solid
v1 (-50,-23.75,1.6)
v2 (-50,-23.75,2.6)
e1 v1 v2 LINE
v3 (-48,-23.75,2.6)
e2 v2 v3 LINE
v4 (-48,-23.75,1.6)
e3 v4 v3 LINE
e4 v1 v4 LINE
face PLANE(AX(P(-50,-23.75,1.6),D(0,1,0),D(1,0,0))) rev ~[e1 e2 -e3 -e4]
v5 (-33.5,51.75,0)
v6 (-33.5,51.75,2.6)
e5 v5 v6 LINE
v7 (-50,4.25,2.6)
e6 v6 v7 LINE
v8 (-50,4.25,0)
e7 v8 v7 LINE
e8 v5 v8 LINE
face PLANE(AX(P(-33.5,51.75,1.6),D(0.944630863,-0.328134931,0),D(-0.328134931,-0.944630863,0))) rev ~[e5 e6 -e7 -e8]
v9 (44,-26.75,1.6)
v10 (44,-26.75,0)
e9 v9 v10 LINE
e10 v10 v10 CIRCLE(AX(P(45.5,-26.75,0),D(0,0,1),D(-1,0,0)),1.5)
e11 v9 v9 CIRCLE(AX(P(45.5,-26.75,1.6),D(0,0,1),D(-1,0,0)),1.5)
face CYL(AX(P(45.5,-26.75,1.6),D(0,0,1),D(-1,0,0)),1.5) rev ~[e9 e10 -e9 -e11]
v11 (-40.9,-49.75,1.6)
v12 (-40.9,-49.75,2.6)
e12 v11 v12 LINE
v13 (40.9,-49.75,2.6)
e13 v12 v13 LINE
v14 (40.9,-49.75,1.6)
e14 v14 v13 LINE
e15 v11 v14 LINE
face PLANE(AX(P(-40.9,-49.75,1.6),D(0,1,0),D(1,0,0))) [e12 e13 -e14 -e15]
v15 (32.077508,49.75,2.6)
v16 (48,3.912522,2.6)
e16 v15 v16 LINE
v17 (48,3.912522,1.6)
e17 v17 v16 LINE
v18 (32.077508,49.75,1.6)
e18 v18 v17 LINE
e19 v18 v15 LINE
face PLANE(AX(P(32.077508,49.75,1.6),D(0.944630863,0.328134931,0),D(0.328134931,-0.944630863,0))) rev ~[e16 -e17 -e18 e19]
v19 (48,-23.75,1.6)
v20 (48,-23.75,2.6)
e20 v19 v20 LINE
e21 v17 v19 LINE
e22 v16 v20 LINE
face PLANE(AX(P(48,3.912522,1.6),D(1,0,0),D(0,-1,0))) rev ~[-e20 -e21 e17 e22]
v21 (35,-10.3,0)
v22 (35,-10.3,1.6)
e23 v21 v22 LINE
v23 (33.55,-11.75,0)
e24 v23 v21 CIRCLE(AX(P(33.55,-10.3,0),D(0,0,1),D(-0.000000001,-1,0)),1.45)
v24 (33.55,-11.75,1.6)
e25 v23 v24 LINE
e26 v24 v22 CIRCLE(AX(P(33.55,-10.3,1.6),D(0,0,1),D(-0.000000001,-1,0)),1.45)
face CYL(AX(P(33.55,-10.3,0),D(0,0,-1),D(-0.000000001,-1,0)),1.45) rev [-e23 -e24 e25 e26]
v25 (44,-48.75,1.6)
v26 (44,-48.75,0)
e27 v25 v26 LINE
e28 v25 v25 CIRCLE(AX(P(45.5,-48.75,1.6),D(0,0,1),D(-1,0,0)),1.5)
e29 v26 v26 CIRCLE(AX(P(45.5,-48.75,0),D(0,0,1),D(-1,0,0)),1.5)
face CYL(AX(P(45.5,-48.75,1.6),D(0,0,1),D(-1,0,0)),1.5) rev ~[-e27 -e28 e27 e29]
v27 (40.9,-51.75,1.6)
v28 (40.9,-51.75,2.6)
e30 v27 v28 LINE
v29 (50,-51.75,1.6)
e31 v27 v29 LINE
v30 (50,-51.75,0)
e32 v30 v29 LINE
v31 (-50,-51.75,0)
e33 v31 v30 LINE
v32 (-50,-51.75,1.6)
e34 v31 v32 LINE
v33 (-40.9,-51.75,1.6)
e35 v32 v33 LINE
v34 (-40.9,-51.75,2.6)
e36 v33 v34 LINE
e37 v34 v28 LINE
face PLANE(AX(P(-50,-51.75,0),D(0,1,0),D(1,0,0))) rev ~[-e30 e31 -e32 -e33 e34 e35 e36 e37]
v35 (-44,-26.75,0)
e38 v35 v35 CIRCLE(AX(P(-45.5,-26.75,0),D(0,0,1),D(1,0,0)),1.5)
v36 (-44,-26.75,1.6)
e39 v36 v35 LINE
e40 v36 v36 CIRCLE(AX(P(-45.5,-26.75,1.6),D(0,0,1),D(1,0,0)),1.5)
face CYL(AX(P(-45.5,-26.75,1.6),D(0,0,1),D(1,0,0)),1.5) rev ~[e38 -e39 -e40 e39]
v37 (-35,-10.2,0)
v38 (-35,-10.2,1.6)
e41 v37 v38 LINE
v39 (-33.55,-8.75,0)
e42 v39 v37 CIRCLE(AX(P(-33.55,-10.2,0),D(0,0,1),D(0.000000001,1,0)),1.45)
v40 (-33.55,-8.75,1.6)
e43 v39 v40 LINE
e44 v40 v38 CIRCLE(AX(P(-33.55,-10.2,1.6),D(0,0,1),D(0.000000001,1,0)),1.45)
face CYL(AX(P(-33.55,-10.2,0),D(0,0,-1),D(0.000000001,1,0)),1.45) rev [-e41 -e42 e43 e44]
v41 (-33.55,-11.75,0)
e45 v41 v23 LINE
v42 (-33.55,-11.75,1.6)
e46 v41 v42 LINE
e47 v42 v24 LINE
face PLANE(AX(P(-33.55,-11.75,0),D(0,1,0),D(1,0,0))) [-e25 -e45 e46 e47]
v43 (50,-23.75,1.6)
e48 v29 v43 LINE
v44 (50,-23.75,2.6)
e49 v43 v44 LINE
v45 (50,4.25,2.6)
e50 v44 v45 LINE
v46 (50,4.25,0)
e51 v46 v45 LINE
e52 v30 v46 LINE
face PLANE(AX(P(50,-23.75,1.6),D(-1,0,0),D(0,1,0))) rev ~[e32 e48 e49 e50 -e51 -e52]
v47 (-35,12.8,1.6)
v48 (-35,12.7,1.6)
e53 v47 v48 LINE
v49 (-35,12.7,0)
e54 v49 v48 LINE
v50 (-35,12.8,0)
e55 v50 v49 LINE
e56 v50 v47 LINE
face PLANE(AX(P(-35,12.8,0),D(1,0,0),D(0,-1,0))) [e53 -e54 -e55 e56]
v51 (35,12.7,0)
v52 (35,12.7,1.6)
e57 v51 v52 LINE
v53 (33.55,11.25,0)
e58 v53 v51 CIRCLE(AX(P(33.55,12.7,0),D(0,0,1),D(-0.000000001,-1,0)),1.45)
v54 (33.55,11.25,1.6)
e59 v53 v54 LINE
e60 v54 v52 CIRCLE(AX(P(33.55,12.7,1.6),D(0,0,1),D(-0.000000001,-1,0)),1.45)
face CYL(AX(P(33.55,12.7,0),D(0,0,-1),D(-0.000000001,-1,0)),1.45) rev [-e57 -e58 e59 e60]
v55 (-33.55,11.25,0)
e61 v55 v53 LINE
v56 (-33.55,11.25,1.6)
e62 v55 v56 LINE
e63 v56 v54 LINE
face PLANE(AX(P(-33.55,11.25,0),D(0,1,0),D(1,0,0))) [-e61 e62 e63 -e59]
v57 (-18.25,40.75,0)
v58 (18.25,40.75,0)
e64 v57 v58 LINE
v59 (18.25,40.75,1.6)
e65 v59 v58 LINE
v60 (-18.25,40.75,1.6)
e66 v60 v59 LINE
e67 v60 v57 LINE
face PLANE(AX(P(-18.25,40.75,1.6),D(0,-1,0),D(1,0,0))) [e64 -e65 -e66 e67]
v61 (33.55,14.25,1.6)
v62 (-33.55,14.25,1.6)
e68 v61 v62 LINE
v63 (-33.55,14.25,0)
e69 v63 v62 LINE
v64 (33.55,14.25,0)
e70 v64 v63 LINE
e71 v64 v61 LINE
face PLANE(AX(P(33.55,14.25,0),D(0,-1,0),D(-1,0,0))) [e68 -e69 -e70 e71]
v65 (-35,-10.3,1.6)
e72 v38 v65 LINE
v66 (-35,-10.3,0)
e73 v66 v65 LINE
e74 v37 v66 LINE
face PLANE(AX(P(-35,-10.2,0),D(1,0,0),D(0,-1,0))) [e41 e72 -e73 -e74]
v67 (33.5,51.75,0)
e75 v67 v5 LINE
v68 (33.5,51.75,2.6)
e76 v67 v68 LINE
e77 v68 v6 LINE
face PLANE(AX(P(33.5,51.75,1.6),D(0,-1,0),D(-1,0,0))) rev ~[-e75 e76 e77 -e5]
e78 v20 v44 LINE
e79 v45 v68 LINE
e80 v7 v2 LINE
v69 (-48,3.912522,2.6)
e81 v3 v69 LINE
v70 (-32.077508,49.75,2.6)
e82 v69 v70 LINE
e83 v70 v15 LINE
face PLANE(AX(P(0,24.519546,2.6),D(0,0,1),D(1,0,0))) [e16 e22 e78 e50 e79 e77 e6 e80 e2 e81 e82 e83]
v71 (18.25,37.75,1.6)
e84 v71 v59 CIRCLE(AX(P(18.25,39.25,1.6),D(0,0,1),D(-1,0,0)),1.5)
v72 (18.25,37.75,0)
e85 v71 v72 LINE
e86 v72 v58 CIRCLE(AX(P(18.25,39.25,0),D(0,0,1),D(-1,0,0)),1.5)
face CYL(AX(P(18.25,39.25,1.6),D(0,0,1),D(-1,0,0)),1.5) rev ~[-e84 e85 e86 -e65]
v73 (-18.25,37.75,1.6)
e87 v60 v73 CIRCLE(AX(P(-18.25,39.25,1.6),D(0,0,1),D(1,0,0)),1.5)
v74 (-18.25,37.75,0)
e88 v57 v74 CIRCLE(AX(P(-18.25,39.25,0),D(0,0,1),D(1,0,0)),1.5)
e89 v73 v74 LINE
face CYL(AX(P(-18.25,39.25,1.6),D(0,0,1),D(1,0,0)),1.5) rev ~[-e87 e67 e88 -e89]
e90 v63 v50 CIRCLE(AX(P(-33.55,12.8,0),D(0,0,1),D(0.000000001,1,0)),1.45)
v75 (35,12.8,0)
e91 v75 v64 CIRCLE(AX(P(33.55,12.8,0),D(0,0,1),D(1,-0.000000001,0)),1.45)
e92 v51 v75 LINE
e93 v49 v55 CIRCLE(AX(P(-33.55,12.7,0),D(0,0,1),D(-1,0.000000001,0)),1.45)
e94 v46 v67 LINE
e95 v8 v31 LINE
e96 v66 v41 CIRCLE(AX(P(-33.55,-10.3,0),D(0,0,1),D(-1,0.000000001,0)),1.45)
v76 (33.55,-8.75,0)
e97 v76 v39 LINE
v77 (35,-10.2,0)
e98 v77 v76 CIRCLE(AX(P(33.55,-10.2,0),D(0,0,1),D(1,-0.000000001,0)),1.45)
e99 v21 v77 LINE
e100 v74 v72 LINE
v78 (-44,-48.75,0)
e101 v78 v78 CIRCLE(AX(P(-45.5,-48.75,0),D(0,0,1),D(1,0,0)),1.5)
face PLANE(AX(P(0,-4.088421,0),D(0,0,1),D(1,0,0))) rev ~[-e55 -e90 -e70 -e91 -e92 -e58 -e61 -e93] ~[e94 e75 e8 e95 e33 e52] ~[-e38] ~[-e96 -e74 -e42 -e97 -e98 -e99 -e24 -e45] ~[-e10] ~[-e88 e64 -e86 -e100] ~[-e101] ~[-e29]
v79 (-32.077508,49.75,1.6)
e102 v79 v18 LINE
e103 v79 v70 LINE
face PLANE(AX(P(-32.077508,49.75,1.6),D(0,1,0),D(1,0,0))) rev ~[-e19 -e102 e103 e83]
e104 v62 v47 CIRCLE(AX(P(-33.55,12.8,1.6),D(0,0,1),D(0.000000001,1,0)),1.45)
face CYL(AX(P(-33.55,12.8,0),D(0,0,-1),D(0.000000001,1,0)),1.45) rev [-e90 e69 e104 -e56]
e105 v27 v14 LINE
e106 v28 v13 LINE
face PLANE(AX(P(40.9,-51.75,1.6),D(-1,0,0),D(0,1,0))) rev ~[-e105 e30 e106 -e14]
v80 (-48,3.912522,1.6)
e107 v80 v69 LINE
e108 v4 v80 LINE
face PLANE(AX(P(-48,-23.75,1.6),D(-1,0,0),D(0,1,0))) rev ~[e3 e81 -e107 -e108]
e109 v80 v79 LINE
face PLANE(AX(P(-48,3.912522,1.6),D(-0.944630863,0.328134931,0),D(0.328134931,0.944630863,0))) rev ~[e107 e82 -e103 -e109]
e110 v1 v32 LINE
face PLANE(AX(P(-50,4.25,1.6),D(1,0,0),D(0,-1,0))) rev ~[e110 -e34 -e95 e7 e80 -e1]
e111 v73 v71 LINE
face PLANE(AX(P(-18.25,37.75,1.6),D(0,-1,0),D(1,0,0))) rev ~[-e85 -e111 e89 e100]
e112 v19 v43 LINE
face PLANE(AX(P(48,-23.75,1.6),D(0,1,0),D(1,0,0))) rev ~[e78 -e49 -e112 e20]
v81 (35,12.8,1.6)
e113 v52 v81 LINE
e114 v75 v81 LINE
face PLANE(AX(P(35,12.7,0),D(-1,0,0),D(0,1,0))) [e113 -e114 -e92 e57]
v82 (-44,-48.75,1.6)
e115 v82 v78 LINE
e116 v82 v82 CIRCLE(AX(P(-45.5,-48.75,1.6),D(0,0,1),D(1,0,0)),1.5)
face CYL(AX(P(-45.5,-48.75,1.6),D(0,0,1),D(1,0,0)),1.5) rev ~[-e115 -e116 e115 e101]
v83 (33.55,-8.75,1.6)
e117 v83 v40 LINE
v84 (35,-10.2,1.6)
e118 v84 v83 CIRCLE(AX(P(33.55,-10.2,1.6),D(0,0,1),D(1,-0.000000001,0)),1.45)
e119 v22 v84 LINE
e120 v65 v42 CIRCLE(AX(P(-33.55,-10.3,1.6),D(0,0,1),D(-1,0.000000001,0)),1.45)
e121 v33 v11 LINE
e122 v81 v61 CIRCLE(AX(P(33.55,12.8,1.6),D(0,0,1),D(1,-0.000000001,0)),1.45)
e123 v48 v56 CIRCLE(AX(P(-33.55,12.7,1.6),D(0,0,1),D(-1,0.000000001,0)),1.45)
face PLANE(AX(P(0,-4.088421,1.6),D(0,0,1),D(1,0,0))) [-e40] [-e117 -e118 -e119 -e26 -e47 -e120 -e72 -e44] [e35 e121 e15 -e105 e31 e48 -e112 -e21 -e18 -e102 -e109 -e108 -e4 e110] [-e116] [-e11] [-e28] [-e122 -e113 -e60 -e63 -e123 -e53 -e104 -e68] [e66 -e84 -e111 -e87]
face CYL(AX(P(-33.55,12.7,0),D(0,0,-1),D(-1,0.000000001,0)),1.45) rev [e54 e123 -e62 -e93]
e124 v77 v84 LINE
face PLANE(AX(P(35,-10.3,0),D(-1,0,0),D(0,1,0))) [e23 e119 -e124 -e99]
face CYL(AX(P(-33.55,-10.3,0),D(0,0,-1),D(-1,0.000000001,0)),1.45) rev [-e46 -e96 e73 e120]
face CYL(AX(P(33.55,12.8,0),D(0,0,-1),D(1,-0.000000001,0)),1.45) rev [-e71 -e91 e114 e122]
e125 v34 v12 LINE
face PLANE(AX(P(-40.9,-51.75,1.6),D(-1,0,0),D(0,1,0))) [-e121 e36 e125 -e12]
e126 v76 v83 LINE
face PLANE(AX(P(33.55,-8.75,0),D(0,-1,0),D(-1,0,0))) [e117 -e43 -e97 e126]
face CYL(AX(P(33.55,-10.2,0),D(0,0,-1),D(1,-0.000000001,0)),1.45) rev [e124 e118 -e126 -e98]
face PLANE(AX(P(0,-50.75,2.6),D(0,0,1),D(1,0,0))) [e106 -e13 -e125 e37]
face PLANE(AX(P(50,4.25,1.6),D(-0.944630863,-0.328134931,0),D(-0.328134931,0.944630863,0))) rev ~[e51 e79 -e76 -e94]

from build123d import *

# Parameters (mm, degrees)
BOSS_EXTRUDE1_DEPTH = 1.6
SKETCH4_R           = 1.5
CUT_EXTRUDE1_DEPTH  = 1.6
SKETCH5_R           = 1.5
CUT_EXTRUDE2_DEPTH  = 1.6
SKETCH6_W           = 36.5
SKETCH6_H           = 3
CUT_EXTRUDE3_DEPTH  = 1.6
CUT_EXTRUDE4_DEPTH  = 1.6
CUT_EXTRUDE5_DEPTH  = 1.6
BOSS_EXTRUDE3_START = 1.6
SKETCH9_W           = 81.8
SKETCH9_H           = 2
BOSS_EXTRUDE3_DEPTH = 1


with BuildPart() as part:
    # Sketch2 → Boss-Extrude1 (new body)
    with BuildSketch(Plane.XY):
        Polygon((50, -51.75), (50, 4.25), (33.5, 51.75), (-33.5, 51.75), (-50, 4.25), (-50, -51.75), align=None)
    extrude(amount=BOSS_EXTRUDE1_DEPTH)

    # Sketch4 → Cut-Extrude1 (cut)
    with BuildSketch(Plane.XY.offset(1.6)):
        with Locations((-45.5, -48.75)):
            Circle(SKETCH4_R)
        with Locations((-45.5, -26.75)):
            Circle(SKETCH4_R)
        with Locations(Location((45.5, -26.75, 0), (0, 0, 180))):
            Circle(SKETCH4_R)
        with Locations(Location((45.5, -48.75, 0), (0, 0, 180))):
            Circle(SKETCH4_R)
    extrude(amount=-CUT_EXTRUDE1_DEPTH, mode=Mode.SUBTRACT)

    # Sketch5 → Cut-Extrude2 (cut)
    with BuildSketch(Plane.XY.offset(1.6)):
        with Locations((-18.25, 39.25)):
            Circle(SKETCH5_R)
        with Locations(Location((18.25, 39.25, 0), (0, 0, 180))):
            Circle(SKETCH5_R)
    extrude(amount=-CUT_EXTRUDE2_DEPTH, mode=Mode.SUBTRACT)

    # Sketch6 → Cut-Extrude3 (cut)
    with BuildSketch(Plane.XY.offset(1.6)):
        with Locations((0, 39.25)):
            Rectangle(SKETCH6_W, SKETCH6_H)
    extrude(amount=-CUT_EXTRUDE3_DEPTH, mode=Mode.SUBTRACT)

    # Sketch7 → Cut-Extrude4 (cut)
    with BuildSketch(Plane.XY):
        with BuildLine():
            Line((-33.55, -11.75), (33.55, -11.75))
            ThreePointArc((33.55, -11.75), (34.575304833, -11.325304833), (35, -10.3))
            Line((35, -10.3), (35, -10.2))
            ThreePointArc((35, -10.2), (34.575304833, -9.174695167), (33.55, -8.75))
            Line((33.55, -8.75), (-33.55, -8.75))
            ThreePointArc((-33.55, -8.75), (-34.575304833, -9.174695167), (-35, -10.2))
            Line((-35, -10.2), (-35, -10.3))
            ThreePointArc((-35, -10.3), (-34.575304833, -11.325304833), (-33.55, -11.75))
        make_face()
    extrude(amount=CUT_EXTRUDE4_DEPTH, mode=Mode.SUBTRACT)

    # Sketch8 → Cut-Extrude5 (cut)
    with BuildSketch(Plane.XY):
        with BuildLine():
            Line((-33.55, 11.25), (33.55, 11.25))
            ThreePointArc((33.55, 11.25), (34.575304833, 11.674695167), (35, 12.7))
            Line((35, 12.7), (35, 12.8))
            ThreePointArc((35, 12.8), (34.575304833, 13.825304833), (33.55, 14.25))
            Line((33.55, 14.25), (-33.55, 14.25))
            ThreePointArc((-33.55, 14.25), (-34.575304833, 13.825304833), (-35, 12.8))
            Line((-35, 12.8), (-35, 12.7))
            ThreePointArc((-35, 12.7), (-34.575304833, 11.674695167), (-33.55, 11.25))
        make_face()
    extrude(amount=CUT_EXTRUDE5_DEPTH, mode=Mode.SUBTRACT)

    # Sketch9 → Boss-Extrude3 (add)
    with BuildSketch(Plane.XY.offset(BOSS_EXTRUDE3_START)):
        Polygon((50, -23.75), (50, 4.25), (33.5, 51.75), (-33.5, 51.75), (-50, 4.25), (-50, -23.75), (-48, -23.75), (-48, 3.91252214), (-32.077507691, 49.75), (32.077507691, 49.75), (48, 3.91252214), (48, -23.75), align=None)
        with Locations((0, -50.75)):
            Rectangle(SKETCH9_W, SKETCH9_H)
    extrude(amount=BOSS_EXTRUDE3_DEPTH)


solid = part.part
